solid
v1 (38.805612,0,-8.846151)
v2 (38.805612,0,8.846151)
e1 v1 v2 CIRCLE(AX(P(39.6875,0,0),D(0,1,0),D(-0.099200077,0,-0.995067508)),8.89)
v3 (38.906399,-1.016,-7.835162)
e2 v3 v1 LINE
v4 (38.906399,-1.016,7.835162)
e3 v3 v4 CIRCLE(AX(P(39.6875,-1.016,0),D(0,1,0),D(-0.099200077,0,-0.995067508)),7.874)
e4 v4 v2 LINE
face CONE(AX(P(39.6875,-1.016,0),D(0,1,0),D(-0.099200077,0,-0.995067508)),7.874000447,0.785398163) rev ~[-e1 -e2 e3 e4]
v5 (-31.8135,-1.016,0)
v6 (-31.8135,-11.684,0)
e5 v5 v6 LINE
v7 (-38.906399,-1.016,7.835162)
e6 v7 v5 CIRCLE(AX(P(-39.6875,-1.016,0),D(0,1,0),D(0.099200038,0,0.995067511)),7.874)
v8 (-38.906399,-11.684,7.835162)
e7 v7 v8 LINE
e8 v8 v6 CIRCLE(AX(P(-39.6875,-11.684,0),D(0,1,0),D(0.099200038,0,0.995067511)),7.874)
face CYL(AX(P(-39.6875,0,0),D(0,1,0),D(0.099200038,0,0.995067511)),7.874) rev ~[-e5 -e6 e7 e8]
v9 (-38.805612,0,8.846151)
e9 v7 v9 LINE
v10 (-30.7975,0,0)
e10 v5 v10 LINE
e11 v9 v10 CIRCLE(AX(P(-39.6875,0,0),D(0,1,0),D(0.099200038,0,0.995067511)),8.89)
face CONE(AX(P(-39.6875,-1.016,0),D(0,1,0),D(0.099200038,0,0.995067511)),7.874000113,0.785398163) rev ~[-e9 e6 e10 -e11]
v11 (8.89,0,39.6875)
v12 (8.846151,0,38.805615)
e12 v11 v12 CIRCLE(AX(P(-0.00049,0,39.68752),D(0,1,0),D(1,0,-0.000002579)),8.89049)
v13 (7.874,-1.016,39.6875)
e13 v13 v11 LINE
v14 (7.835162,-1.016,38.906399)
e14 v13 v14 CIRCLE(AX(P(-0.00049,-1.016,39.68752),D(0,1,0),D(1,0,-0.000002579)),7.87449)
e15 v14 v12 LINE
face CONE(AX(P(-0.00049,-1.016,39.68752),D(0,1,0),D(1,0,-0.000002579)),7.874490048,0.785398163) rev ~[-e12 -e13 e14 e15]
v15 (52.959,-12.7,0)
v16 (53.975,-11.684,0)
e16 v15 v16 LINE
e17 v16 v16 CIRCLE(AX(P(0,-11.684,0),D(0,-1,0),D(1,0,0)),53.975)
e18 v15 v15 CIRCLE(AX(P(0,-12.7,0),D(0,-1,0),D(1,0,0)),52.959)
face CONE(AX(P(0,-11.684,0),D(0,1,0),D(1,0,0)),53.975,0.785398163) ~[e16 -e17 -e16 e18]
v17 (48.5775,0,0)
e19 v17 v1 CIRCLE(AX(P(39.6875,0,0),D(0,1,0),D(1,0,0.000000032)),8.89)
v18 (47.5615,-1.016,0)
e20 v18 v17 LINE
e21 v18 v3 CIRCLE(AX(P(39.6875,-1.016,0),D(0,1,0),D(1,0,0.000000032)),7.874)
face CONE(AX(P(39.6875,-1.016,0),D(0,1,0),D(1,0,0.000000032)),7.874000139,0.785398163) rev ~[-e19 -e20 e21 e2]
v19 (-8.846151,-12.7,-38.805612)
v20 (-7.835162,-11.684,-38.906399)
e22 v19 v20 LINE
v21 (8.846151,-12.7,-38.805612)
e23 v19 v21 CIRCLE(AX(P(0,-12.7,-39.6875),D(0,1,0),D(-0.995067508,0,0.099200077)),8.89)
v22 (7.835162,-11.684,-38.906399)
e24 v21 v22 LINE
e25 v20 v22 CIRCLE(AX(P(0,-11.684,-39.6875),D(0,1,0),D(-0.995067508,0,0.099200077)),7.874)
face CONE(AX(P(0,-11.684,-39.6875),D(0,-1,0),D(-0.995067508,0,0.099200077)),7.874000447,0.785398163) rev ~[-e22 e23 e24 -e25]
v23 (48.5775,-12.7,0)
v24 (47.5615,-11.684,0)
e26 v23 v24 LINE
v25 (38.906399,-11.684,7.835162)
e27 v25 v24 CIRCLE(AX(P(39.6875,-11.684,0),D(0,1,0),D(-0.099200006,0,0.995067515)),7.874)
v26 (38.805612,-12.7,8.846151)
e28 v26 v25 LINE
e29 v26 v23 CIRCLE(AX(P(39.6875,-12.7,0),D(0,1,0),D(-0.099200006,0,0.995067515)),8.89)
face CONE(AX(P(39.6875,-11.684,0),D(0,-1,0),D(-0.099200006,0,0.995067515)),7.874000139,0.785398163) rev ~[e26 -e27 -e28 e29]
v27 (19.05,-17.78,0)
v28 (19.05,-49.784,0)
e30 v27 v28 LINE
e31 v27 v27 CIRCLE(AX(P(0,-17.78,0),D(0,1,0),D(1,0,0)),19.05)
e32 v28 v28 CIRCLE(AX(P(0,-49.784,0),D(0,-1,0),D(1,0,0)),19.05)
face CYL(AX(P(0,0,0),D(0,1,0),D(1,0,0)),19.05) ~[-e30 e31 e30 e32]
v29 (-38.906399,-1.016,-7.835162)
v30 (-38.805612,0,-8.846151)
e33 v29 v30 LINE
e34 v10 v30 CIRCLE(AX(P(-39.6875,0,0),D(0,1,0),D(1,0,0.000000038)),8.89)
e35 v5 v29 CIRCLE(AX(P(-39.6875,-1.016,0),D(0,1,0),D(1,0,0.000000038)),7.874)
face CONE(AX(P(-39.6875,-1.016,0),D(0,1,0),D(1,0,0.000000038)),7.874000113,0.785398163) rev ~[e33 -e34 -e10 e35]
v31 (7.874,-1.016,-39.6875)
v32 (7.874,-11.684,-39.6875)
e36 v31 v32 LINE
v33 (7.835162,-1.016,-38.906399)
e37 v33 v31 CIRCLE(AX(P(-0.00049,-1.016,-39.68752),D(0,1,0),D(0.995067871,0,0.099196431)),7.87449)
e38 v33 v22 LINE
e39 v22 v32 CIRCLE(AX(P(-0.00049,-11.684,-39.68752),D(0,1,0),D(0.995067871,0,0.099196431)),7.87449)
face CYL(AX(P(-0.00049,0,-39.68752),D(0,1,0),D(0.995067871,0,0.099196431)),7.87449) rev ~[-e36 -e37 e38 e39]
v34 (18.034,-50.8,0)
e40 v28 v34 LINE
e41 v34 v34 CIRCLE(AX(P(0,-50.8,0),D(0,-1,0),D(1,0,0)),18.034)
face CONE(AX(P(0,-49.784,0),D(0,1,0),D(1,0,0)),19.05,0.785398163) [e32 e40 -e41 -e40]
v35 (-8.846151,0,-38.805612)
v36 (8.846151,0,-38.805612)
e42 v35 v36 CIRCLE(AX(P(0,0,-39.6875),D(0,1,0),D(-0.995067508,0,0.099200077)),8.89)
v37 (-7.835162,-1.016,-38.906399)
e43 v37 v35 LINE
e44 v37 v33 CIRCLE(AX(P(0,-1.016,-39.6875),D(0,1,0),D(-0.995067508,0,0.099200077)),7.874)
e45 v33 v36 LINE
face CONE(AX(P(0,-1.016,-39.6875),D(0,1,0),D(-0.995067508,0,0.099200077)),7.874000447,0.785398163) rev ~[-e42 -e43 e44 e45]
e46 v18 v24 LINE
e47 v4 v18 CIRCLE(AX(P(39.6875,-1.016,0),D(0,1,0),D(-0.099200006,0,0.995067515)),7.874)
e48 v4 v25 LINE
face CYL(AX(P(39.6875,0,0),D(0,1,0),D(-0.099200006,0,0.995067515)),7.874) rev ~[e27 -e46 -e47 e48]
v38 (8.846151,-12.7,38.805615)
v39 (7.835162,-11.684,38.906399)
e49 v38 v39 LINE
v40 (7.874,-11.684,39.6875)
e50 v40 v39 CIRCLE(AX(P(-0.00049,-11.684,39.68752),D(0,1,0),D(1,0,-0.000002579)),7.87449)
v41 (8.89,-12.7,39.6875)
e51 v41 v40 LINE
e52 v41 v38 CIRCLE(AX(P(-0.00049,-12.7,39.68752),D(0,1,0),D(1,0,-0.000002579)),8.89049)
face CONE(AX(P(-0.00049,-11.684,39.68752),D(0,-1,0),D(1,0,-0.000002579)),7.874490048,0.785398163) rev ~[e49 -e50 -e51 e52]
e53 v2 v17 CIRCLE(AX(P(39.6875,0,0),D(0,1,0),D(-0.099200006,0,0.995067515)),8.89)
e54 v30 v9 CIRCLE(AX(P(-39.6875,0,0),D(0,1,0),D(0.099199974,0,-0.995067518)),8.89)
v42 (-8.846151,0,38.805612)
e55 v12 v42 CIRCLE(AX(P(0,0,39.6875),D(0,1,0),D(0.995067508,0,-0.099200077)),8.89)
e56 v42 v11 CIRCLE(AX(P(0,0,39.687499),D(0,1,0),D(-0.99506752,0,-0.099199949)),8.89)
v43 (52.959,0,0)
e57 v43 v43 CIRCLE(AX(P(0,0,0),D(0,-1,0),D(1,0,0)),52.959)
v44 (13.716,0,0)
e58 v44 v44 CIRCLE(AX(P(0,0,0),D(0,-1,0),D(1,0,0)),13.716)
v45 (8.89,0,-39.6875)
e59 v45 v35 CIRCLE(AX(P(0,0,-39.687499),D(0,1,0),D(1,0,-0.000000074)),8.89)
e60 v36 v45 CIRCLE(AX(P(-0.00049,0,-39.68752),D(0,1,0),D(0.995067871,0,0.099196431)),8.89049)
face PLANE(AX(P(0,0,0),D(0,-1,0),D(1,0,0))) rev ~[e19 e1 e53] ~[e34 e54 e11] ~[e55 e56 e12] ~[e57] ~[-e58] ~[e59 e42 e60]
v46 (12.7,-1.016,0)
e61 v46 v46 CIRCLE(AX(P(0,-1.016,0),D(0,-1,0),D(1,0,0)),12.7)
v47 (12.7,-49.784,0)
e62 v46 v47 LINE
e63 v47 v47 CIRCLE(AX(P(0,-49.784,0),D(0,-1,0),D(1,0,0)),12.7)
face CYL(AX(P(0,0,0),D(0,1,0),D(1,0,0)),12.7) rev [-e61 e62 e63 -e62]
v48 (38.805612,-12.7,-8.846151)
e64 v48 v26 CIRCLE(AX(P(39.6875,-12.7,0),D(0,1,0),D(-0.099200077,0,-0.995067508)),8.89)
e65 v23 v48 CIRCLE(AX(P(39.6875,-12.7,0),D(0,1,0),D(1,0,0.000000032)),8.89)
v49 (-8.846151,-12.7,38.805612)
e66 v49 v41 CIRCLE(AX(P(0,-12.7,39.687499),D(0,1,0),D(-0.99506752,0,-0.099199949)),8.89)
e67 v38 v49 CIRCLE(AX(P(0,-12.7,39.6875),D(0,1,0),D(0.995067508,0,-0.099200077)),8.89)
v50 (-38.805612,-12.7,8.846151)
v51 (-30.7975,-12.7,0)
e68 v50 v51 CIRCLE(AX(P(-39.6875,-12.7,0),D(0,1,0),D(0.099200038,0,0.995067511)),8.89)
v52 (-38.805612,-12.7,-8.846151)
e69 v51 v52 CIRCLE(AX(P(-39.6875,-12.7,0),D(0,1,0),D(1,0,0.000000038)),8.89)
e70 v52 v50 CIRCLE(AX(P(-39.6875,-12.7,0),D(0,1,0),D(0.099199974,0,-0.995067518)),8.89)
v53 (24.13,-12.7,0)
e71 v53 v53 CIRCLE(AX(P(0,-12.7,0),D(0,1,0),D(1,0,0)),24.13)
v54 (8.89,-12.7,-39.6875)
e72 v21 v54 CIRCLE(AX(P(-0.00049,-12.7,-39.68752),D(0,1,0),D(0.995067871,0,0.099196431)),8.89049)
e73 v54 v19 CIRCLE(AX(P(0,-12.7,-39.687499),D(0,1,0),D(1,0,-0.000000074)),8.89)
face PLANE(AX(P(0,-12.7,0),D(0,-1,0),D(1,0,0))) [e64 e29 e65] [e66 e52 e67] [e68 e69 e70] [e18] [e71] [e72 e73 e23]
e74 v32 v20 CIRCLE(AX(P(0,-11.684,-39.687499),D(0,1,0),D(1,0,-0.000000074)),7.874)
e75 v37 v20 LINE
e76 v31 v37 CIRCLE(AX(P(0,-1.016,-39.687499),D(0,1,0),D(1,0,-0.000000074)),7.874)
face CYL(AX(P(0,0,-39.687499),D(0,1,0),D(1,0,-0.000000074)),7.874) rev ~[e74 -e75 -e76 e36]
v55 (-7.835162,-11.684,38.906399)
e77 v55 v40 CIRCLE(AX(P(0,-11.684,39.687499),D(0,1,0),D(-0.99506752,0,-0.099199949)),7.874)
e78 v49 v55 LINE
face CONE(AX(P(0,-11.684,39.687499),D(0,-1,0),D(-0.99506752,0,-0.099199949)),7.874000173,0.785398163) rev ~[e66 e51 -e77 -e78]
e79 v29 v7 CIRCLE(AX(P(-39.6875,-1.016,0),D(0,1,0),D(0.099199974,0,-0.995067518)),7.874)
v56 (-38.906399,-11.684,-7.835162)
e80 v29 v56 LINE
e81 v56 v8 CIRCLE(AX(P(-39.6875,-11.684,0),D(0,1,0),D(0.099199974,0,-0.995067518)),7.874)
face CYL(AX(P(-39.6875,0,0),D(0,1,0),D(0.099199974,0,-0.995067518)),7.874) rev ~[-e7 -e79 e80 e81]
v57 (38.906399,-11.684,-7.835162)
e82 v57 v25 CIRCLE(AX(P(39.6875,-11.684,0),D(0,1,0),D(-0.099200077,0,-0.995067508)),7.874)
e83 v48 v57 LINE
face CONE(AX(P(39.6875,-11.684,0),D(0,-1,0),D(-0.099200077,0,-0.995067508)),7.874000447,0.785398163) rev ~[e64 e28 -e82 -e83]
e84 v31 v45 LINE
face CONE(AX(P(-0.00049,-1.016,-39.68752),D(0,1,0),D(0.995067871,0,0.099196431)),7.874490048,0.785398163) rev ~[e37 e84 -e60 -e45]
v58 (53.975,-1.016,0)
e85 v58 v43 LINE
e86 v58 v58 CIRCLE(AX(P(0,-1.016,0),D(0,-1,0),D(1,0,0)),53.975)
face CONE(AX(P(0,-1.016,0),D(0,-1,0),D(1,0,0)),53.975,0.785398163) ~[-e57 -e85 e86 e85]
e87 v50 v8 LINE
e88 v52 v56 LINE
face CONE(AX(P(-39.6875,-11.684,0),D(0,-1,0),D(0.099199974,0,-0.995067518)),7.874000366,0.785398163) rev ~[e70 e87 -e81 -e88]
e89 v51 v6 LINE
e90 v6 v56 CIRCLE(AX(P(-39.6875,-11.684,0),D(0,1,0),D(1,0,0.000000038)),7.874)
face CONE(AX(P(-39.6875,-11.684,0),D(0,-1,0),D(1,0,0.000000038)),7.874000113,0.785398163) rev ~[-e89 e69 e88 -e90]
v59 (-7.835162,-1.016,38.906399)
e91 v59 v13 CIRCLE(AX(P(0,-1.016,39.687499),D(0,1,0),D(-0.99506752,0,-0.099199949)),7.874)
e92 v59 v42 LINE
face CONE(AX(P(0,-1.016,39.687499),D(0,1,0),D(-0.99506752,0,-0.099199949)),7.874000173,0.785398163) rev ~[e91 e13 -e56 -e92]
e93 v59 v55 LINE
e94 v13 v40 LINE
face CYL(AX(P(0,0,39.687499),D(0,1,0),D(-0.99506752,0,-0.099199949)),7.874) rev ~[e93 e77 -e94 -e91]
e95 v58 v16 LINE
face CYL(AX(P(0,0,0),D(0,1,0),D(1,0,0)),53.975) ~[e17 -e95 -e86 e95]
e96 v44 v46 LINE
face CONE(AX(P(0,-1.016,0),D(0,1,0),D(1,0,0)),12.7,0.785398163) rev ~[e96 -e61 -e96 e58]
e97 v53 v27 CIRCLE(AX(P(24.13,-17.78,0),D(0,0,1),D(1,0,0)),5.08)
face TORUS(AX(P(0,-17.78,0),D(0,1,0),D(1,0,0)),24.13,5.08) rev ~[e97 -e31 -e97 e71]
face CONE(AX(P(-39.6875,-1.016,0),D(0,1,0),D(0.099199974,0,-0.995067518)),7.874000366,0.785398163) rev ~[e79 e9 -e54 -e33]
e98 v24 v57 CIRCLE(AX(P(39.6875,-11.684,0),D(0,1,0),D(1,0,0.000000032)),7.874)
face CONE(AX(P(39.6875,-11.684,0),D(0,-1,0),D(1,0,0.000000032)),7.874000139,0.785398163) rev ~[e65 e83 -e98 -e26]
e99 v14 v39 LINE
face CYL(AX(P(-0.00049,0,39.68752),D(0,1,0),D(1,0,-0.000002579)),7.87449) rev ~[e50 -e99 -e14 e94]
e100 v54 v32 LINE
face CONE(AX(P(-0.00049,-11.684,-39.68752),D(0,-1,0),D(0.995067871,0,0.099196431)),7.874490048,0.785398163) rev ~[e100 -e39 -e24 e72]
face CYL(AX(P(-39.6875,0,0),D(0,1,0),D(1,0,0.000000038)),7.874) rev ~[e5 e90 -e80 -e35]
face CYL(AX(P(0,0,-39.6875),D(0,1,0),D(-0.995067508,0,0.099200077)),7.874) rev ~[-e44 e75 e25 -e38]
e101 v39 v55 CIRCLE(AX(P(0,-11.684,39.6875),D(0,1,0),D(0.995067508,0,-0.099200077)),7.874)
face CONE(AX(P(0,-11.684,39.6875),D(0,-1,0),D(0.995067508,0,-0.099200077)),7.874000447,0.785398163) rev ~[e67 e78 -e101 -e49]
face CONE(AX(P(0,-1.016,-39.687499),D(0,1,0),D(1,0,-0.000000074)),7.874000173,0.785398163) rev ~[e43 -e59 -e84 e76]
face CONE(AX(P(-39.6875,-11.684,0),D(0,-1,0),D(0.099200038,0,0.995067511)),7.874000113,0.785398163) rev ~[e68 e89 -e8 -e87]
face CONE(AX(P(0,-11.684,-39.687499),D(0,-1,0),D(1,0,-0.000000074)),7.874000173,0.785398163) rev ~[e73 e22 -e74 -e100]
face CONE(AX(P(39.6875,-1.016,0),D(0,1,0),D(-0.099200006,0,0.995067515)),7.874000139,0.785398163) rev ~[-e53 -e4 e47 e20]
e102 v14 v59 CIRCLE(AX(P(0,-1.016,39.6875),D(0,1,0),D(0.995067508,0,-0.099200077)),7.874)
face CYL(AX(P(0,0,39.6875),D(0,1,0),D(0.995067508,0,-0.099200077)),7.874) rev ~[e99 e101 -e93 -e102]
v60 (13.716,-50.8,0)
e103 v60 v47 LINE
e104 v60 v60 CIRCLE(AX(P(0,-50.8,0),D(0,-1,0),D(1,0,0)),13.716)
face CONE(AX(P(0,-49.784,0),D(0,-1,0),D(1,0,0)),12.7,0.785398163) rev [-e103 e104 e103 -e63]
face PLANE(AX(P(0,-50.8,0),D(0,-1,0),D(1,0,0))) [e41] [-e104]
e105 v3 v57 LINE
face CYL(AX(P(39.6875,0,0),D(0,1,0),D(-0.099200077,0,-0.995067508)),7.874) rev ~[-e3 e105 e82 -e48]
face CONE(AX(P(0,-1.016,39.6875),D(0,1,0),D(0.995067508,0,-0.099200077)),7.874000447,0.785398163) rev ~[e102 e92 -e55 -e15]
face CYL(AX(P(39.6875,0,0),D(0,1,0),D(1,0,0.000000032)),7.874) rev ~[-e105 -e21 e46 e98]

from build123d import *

# Parameters (mm, degrees)
F0_R     = 53.975
F0_R_2   = 19.05
F0_R_3   = 12.7
F1_DEPTH = 12.7
F2_DEPTH = 50.8
F3_R     = 5.08
F4_SIZE  = 1.016


with BuildPart() as f1:
    # F0 (on Front) → F1 (new body)
    with BuildSketch(Plane.XZ):
        Circle(F0_R)
        with BuildLine():
            ThreePointArc((7.835162, 38.906399), (28.0633, 28.0633), (38.906399, 7.835162))
            ThreePointArc((38.906399, 7.835162), (44.971887, 5.837391), (47.5615, 0))
            ThreePointArc((47.5615, 0), (44.971887, -5.837391), (38.906399, -7.835162))
            ThreePointArc((38.906399, -7.835162), (28.0633, -28.0633), (7.835162, -38.906399))
            ThreePointArc((7.835162, -38.906399), (7.864284, -39.296467), (7.874, -39.6875))
            ThreePointArc((7.874, -39.6875), (-0.391033, -47.551784), (-7.835162, -38.906399))
            ThreePointArc((-7.835162, -38.906399), (-28.0633, -28.0633), (-38.906399, -7.835162))
            ThreePointArc((-38.906399, -7.835162), (-47.5615, 0), (-38.906399, 7.835162))
            ThreePointArc((-38.906399, 7.835162), (-28.0633, 28.0633), (-7.835162, 38.906399))
            ThreePointArc((-7.835162, 38.906399), (-0.391033, 47.551784), (7.874, 39.6875))
            ThreePointArc((7.874, 39.6875), (7.864284, 39.296467), (7.835162, 38.906399))
        make_face(mode=Mode.SUBTRACT)
        with BuildLine():
            ThreePointArc((38.906399, -7.835162), (31.8135, 0), (38.906399, 7.835162))
            ThreePointArc((38.906399, 7.835162), (28.0633, 28.0633), (7.835162, 38.906399))
            ThreePointArc((7.835162, 38.906399), (0, 31.8135), (-7.835162, 38.906399))
            ThreePointArc((-7.835162, 38.906399), (-28.0633, 28.0633), (-38.906399, 7.835162))
            ThreePointArc((-38.906399, 7.835162), (-33.850109, 5.284387), (-31.8135, 0))
            ThreePointArc((-31.8135, 0), (-33.850109, -5.284387), (-38.906399, -7.835162))
            ThreePointArc((-38.906399, -7.835162), (-28.0633, -28.0633), (-7.835162, -38.906399))
            ThreePointArc((-7.835162, -38.906399), (0, -31.8135), (7.835162, -38.906399))
            ThreePointArc((7.835162, -38.906399), (28.0633, -28.0633), (38.906399, -7.835162))
        make_face()
        Circle(F0_R_2, mode=Mode.SUBTRACT)
        Circle(F0_R_2)
        Circle(F0_R_3, mode=Mode.SUBTRACT)
    extrude(amount=F1_DEPTH)

    # F0 (on Front) → F2 (join)
    with BuildSketch(Plane.XZ):
        Circle(F0_R_2)
        Circle(F0_R_3, mode=Mode.SUBTRACT)
    extrude(amount=F2_DEPTH)

    # F3
    f3_edges = [f1.edges().sort_by_distance(p)[0] for p in [
        (-19.05, -12.7, 0),
    ]]
    fillet(f3_edges, radius=F3_R)

    # F4
    f4_edges = [f1.edges().sort_by_distance(p)[0] for p in [
        (53.975, -6.35, 0),
        (-53.975, 0, 0),
        (-53.975, -12.7, 0),
        (-40.468601, 0, -7.835162),
        (-38.906399, -6.35, 7.835162),
        (-40.468601, -12.7, -7.835162),
        (-7.835162, -6.35, -38.906399),
        (7.835162, 0, -40.468601),
        (7.835162, -12.7, -40.468601),
        (38.906399, -6.35, -7.835162),
        (40.468601, 0, 7.835162),
        (40.468601, -12.7, 7.835162),
        (7.874, -6.35, 39.6875),
        (-7.874, 0, 39.6875),
        (-7.874, -12.7, 39.6875),
        (-19.05, -50.8, 0),
        (-12.7, 0, 0),
        (12.7, -25.4, 0),
        (-12.7, -50.8, 0),
    ]]
    chamfer(f4_edges, length=F4_SIZE)


solid = f1.part
